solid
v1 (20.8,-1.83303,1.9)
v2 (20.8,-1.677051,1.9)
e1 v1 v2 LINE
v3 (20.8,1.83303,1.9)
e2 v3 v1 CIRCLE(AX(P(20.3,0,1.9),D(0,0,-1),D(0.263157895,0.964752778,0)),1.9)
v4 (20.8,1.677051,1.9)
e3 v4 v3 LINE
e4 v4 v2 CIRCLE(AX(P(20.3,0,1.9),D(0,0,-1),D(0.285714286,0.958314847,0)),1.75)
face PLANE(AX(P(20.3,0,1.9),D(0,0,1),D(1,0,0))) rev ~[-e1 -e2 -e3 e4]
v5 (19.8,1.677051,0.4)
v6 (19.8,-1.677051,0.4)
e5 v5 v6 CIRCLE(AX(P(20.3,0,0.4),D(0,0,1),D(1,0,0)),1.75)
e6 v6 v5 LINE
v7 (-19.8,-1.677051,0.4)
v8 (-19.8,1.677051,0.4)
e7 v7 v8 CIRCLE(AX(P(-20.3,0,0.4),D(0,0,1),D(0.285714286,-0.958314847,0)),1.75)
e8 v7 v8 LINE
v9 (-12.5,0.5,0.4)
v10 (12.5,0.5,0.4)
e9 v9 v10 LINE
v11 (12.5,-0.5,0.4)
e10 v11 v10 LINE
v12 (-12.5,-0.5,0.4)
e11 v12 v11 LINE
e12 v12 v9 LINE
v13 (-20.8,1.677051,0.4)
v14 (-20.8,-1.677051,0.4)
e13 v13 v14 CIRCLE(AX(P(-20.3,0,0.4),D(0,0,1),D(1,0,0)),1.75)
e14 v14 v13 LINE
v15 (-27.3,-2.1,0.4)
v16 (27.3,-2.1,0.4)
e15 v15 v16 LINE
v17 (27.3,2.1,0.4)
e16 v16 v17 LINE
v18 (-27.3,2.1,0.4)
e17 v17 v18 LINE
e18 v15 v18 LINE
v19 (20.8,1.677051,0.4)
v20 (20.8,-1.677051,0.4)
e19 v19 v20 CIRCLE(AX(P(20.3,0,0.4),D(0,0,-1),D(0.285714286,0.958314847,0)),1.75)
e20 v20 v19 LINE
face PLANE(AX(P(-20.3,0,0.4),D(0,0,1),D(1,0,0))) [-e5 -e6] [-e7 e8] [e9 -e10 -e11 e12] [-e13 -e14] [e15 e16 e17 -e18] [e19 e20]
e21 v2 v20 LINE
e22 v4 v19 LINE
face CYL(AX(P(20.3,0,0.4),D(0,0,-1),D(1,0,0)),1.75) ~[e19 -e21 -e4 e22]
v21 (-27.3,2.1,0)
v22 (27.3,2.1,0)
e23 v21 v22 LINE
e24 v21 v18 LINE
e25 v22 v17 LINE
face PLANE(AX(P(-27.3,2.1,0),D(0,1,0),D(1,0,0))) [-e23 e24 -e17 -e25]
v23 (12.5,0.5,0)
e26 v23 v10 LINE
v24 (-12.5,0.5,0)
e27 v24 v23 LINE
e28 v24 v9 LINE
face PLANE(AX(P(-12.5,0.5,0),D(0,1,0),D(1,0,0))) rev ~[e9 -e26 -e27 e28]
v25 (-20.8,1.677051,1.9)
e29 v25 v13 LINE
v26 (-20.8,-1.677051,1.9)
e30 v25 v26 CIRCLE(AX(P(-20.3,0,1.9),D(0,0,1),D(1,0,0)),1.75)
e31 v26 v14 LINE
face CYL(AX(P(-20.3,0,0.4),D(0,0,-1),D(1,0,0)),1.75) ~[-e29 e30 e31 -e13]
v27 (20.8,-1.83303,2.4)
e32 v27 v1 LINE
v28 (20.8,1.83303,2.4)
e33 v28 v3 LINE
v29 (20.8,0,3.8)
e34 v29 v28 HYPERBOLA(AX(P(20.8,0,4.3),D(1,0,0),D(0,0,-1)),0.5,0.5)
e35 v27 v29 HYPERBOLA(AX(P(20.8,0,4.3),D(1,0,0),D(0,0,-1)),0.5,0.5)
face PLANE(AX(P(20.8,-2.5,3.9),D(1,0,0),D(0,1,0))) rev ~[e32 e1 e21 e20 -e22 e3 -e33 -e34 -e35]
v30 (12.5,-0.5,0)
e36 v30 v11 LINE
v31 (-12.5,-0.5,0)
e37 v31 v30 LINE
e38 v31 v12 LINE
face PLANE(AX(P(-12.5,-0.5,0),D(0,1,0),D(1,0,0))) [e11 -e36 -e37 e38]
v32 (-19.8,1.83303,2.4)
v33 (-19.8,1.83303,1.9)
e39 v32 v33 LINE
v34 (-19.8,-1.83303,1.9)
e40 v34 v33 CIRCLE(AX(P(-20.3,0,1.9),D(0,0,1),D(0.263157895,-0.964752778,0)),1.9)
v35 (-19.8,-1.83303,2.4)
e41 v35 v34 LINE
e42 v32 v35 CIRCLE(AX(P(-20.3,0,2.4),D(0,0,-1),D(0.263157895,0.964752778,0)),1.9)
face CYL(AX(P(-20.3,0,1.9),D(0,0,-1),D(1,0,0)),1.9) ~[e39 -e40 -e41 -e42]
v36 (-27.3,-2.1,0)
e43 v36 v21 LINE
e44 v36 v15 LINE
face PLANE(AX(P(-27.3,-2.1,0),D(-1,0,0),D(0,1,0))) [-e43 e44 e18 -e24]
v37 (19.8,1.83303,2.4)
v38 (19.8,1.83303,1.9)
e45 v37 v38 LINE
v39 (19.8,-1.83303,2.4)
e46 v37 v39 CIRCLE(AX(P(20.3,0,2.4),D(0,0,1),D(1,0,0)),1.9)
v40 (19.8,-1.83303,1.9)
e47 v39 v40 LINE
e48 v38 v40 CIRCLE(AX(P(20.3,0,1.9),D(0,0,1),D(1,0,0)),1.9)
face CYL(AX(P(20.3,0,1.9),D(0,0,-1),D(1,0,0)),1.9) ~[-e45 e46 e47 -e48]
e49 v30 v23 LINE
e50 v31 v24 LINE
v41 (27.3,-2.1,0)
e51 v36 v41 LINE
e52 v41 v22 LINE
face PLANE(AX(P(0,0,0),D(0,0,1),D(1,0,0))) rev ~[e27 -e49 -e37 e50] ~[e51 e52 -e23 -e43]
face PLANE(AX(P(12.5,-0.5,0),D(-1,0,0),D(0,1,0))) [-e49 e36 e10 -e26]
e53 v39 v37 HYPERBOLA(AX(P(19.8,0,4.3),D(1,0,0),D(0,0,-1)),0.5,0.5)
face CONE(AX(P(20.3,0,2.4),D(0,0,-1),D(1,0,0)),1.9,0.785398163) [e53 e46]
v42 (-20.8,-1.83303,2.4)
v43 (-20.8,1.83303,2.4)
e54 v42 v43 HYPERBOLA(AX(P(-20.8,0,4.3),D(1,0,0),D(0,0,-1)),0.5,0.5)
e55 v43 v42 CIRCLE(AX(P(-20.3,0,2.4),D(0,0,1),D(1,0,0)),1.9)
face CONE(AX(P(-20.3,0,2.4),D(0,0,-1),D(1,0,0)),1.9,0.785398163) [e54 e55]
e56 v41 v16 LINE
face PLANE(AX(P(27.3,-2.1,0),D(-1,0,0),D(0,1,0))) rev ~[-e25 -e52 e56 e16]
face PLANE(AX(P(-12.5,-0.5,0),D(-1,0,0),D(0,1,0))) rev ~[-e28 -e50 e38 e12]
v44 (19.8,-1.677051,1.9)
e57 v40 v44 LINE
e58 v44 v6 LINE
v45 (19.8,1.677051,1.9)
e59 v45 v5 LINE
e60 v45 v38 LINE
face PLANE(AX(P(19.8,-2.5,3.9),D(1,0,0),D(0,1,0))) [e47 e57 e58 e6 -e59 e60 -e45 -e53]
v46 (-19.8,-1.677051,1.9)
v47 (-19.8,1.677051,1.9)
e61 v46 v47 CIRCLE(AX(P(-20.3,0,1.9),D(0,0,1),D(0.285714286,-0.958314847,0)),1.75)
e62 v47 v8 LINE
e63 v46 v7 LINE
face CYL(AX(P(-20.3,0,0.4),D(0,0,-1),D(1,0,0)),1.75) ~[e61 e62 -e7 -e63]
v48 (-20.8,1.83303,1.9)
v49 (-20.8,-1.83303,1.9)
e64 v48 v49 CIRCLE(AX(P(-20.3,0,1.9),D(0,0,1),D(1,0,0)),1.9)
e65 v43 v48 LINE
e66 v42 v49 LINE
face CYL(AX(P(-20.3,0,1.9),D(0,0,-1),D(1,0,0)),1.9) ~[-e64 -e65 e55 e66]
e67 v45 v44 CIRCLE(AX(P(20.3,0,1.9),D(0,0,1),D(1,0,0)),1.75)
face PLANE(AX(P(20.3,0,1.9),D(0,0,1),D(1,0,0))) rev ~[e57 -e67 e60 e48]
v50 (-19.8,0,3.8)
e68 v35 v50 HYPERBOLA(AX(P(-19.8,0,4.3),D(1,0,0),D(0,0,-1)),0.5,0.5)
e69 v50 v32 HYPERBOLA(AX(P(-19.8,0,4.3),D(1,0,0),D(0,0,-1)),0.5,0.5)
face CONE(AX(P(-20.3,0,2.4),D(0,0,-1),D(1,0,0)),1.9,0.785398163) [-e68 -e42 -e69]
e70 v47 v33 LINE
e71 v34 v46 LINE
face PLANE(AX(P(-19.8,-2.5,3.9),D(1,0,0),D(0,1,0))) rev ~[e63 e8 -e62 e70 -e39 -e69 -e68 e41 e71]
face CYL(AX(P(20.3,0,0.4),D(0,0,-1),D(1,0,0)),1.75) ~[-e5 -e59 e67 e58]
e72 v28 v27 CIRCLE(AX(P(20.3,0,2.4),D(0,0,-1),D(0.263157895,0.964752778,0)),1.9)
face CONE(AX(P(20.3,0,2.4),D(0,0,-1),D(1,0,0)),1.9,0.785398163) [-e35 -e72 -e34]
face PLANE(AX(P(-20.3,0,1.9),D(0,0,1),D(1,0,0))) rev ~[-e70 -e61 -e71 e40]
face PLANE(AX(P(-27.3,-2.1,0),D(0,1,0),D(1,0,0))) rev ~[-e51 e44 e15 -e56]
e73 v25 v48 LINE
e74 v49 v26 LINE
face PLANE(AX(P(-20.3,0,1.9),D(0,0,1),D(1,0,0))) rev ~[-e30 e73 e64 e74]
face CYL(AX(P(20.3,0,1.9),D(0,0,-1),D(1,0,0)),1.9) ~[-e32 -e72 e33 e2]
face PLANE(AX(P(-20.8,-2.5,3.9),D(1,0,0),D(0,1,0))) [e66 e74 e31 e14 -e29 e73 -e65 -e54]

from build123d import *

# Parameters (mm, degrees)
SKICA2_W                 = 54.6
SKICA2_H                 = 4.2
SKICA2_W_2               = 25
SKICA2_H_2               = 1
P_IDAT_VYSUNUT_M2_DEPTH  = 0.4
SKICA3_R                 = 1.75
P_IDAT_VYSUNUT_M3_DEPTH  = 1.5
SKICA5_R                 = 1.9
P_IDAT_VYSUNUT_M5_DEPTH  = 2
ZKOSEN_2_SIZE            = 1.5
SKICA7_W                 = 1
SKICA7_H                 = 5
ODEBRAT_VYSUNUT_M1_DEPTH = 3.5


with BuildPart() as part:
    # Skica2 → Přidat vysunutím2 (new body)
    with BuildSketch(Plane.XY):
        Rectangle(SKICA2_W, SKICA2_H)
        Rectangle(SKICA2_W_2, SKICA2_H_2, mode=Mode.SUBTRACT)
    extrude(amount=P_IDAT_VYSUNUT_M2_DEPTH)

    # Skica3 → Přidat vysunutím3 (add)
    with BuildSketch(Plane.XY.offset(0.4)):
        with Locations((-20.3, 0)):
            Circle(SKICA3_R)
        with Locations((20.3, 0)):
            Circle(SKICA3_R)
    extrude(amount=P_IDAT_VYSUNUT_M3_DEPTH)

    # Skica5 → Přidat vysunutím5 (add)
    with BuildSketch(Plane.XY.offset(1.9)):
        with Locations((-20.3, 0)):
            Circle(SKICA5_R)
        with Locations((20.3, 0)):
            Circle(SKICA5_R)
    extrude(amount=P_IDAT_VYSUNUT_M5_DEPTH)

    # Zkosení2
    zkosen_2_edges = [part.edges().sort_by_distance(p)[0] for p in [
        (-22.2, 0, 3.9),
        (18.4, 0, 3.9),
    ]]
    chamfer(zkosen_2_edges, length=ZKOSEN_2_SIZE)

    # Skica7 → Odebrat vysunutím1 (cut)
    with BuildSketch(Plane.XY.offset(3.9)):
        with Locations((-20.3, 0)):
            Rectangle(SKICA7_W, SKICA7_H)
        with Locations((20.3, 0)):
            Rectangle(SKICA7_W, SKICA7_H)
    extrude(amount=-ODEBRAT_VYSUNUT_M1_DEPTH, mode=Mode.SUBTRACT)


solid = part.part
